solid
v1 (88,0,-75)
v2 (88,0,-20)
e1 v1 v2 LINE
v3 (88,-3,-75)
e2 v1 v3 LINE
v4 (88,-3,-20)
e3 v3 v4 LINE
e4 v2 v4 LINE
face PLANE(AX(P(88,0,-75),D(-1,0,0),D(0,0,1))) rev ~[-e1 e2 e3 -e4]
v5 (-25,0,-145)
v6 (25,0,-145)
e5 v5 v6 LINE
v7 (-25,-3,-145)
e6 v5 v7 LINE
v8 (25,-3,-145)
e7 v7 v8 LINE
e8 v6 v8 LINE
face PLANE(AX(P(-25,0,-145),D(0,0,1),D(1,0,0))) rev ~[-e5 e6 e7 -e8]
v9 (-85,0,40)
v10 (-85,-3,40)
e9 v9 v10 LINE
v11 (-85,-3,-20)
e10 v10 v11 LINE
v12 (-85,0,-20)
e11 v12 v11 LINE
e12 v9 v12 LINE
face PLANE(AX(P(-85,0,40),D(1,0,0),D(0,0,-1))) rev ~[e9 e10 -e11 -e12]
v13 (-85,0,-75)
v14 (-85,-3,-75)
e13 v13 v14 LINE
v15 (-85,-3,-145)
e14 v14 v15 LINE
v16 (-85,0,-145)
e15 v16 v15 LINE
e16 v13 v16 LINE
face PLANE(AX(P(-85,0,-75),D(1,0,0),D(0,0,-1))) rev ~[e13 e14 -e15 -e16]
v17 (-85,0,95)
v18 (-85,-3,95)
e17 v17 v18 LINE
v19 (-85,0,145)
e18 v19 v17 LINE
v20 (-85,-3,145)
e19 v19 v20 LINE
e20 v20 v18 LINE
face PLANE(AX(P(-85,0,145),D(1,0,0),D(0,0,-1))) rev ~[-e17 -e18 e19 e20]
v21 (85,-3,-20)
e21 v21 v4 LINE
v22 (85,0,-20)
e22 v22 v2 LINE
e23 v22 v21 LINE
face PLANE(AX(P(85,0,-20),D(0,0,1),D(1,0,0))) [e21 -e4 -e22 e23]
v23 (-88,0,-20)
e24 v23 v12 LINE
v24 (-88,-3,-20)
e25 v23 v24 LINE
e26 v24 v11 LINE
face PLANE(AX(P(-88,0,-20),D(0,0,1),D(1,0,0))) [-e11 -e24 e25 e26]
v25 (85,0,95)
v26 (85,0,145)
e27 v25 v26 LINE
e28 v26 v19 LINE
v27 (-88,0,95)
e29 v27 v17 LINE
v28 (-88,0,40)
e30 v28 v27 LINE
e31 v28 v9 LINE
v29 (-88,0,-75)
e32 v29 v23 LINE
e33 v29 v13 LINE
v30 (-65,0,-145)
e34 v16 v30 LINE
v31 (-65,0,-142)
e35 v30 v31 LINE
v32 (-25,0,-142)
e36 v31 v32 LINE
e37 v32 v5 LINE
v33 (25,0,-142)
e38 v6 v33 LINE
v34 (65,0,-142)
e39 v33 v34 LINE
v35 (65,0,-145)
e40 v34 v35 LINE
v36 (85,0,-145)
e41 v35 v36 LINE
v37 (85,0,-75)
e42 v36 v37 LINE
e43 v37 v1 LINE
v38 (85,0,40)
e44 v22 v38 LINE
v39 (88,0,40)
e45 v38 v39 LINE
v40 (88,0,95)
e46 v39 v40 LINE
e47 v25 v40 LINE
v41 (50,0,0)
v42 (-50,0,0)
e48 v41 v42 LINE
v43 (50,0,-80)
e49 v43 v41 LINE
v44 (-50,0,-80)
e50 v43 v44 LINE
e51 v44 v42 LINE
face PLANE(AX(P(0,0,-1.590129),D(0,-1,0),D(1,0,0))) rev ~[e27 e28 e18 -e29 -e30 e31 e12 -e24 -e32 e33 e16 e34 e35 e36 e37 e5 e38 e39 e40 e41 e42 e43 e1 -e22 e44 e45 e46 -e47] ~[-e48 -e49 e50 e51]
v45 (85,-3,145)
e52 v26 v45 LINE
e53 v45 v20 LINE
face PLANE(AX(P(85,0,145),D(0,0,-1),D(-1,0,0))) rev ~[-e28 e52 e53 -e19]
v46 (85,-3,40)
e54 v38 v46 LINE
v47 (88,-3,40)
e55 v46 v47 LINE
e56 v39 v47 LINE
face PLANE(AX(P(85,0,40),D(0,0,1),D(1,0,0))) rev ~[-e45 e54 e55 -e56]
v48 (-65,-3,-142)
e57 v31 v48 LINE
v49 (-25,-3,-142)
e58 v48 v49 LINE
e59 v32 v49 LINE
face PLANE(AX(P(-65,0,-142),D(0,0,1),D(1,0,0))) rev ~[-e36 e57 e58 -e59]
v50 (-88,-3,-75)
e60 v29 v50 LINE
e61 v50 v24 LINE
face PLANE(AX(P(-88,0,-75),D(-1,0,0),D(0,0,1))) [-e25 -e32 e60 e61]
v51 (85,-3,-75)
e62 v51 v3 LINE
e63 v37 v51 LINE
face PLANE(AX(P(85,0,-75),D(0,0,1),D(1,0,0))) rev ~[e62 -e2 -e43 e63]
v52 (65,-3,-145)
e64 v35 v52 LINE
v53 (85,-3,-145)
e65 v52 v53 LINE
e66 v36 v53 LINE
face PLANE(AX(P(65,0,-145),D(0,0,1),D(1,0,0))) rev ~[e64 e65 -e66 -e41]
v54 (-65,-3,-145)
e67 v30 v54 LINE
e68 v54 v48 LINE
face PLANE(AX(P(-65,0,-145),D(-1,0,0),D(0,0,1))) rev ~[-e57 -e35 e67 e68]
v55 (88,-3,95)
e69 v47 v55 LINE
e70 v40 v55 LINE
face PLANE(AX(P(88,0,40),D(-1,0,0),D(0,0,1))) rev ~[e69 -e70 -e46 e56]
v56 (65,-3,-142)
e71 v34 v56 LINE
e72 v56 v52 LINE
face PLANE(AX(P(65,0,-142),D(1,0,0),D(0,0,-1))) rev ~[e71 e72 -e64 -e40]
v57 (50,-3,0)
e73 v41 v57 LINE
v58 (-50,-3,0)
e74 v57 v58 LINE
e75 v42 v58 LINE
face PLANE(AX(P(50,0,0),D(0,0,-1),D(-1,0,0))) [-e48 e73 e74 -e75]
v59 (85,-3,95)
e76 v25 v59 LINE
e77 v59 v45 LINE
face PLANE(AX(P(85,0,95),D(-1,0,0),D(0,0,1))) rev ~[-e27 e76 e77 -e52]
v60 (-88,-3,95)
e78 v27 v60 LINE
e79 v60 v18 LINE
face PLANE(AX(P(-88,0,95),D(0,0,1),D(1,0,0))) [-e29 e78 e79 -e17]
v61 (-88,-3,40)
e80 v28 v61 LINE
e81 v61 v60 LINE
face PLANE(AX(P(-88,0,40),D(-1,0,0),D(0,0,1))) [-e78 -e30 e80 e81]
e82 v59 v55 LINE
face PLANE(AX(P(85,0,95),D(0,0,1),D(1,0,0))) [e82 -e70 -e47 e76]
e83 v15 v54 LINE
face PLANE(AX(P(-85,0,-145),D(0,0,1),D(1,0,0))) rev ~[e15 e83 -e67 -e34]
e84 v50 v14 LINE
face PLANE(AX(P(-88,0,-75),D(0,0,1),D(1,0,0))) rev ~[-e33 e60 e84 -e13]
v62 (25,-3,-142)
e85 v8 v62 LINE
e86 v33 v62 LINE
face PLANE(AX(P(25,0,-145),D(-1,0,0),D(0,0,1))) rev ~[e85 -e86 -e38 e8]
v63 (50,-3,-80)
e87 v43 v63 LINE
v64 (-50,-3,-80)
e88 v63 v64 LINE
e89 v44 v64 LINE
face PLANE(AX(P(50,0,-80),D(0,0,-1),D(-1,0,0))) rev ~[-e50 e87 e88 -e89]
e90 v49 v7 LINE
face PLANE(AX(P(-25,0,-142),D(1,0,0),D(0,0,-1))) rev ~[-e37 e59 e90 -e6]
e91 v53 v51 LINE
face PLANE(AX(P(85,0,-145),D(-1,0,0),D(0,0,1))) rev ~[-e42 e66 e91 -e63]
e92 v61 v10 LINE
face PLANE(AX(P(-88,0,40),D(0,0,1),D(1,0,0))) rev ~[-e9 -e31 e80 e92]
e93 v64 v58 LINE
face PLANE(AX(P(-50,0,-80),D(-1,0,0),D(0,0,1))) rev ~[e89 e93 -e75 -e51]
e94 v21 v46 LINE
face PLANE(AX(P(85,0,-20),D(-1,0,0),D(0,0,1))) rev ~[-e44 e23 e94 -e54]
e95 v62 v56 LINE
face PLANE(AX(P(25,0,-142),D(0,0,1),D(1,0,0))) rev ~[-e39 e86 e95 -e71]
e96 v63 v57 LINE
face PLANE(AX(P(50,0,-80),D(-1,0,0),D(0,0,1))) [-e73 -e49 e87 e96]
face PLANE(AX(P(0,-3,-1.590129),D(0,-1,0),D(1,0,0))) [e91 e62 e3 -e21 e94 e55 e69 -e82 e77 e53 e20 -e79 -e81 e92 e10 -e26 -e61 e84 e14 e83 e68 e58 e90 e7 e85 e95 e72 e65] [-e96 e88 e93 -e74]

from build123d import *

# Parameters (mm, degrees)
F0_W     = 3
F0_H     = 55
F1_DEPTH = 3
F2_W     = 100
F2_H     = 80
F3_DEPTH = 3


with BuildPart() as f1:
    # F0 (on Front) → F1 (new body)
    with BuildSketch(Plane.XZ):
        Polygon((85, 95), (85, 145), (-85, 145), (-85, 95), (-85, 40), (-85, -20), (-85, -75), (-85, -145), (-65, -145), (-65, -142), (-25, -142), (-25, -145), (25, -145), (25, -142), (65, -142), (65, -145), (85, -145), (85, -75), (85, -20), (85, 40), align=None)
        with Locations((-86.5, -47.5)):
            Rectangle(F0_W, F0_H)
        with Locations((86.5, -47.5)):
            Rectangle(F0_W, F0_H)
        with Locations((86.5, 67.5)):
            Rectangle(F0_W, F0_H)
        with Locations((-86.5, 67.5)):
            Rectangle(F0_W, F0_H)
    extrude(amount=F1_DEPTH)

    # F2 (on face) → F3 (cut, through all)
    with BuildSketch(Plane(origin=(0, 0, 0), x_dir=(-1, 0, 0), z_dir=(0, 1, 0))):
        with Locations((0, -40)):
            Rectangle(F2_W, F2_H)
    extrude(amount=-F3_DEPTH, mode=Mode.SUBTRACT)


solid = f1.part
